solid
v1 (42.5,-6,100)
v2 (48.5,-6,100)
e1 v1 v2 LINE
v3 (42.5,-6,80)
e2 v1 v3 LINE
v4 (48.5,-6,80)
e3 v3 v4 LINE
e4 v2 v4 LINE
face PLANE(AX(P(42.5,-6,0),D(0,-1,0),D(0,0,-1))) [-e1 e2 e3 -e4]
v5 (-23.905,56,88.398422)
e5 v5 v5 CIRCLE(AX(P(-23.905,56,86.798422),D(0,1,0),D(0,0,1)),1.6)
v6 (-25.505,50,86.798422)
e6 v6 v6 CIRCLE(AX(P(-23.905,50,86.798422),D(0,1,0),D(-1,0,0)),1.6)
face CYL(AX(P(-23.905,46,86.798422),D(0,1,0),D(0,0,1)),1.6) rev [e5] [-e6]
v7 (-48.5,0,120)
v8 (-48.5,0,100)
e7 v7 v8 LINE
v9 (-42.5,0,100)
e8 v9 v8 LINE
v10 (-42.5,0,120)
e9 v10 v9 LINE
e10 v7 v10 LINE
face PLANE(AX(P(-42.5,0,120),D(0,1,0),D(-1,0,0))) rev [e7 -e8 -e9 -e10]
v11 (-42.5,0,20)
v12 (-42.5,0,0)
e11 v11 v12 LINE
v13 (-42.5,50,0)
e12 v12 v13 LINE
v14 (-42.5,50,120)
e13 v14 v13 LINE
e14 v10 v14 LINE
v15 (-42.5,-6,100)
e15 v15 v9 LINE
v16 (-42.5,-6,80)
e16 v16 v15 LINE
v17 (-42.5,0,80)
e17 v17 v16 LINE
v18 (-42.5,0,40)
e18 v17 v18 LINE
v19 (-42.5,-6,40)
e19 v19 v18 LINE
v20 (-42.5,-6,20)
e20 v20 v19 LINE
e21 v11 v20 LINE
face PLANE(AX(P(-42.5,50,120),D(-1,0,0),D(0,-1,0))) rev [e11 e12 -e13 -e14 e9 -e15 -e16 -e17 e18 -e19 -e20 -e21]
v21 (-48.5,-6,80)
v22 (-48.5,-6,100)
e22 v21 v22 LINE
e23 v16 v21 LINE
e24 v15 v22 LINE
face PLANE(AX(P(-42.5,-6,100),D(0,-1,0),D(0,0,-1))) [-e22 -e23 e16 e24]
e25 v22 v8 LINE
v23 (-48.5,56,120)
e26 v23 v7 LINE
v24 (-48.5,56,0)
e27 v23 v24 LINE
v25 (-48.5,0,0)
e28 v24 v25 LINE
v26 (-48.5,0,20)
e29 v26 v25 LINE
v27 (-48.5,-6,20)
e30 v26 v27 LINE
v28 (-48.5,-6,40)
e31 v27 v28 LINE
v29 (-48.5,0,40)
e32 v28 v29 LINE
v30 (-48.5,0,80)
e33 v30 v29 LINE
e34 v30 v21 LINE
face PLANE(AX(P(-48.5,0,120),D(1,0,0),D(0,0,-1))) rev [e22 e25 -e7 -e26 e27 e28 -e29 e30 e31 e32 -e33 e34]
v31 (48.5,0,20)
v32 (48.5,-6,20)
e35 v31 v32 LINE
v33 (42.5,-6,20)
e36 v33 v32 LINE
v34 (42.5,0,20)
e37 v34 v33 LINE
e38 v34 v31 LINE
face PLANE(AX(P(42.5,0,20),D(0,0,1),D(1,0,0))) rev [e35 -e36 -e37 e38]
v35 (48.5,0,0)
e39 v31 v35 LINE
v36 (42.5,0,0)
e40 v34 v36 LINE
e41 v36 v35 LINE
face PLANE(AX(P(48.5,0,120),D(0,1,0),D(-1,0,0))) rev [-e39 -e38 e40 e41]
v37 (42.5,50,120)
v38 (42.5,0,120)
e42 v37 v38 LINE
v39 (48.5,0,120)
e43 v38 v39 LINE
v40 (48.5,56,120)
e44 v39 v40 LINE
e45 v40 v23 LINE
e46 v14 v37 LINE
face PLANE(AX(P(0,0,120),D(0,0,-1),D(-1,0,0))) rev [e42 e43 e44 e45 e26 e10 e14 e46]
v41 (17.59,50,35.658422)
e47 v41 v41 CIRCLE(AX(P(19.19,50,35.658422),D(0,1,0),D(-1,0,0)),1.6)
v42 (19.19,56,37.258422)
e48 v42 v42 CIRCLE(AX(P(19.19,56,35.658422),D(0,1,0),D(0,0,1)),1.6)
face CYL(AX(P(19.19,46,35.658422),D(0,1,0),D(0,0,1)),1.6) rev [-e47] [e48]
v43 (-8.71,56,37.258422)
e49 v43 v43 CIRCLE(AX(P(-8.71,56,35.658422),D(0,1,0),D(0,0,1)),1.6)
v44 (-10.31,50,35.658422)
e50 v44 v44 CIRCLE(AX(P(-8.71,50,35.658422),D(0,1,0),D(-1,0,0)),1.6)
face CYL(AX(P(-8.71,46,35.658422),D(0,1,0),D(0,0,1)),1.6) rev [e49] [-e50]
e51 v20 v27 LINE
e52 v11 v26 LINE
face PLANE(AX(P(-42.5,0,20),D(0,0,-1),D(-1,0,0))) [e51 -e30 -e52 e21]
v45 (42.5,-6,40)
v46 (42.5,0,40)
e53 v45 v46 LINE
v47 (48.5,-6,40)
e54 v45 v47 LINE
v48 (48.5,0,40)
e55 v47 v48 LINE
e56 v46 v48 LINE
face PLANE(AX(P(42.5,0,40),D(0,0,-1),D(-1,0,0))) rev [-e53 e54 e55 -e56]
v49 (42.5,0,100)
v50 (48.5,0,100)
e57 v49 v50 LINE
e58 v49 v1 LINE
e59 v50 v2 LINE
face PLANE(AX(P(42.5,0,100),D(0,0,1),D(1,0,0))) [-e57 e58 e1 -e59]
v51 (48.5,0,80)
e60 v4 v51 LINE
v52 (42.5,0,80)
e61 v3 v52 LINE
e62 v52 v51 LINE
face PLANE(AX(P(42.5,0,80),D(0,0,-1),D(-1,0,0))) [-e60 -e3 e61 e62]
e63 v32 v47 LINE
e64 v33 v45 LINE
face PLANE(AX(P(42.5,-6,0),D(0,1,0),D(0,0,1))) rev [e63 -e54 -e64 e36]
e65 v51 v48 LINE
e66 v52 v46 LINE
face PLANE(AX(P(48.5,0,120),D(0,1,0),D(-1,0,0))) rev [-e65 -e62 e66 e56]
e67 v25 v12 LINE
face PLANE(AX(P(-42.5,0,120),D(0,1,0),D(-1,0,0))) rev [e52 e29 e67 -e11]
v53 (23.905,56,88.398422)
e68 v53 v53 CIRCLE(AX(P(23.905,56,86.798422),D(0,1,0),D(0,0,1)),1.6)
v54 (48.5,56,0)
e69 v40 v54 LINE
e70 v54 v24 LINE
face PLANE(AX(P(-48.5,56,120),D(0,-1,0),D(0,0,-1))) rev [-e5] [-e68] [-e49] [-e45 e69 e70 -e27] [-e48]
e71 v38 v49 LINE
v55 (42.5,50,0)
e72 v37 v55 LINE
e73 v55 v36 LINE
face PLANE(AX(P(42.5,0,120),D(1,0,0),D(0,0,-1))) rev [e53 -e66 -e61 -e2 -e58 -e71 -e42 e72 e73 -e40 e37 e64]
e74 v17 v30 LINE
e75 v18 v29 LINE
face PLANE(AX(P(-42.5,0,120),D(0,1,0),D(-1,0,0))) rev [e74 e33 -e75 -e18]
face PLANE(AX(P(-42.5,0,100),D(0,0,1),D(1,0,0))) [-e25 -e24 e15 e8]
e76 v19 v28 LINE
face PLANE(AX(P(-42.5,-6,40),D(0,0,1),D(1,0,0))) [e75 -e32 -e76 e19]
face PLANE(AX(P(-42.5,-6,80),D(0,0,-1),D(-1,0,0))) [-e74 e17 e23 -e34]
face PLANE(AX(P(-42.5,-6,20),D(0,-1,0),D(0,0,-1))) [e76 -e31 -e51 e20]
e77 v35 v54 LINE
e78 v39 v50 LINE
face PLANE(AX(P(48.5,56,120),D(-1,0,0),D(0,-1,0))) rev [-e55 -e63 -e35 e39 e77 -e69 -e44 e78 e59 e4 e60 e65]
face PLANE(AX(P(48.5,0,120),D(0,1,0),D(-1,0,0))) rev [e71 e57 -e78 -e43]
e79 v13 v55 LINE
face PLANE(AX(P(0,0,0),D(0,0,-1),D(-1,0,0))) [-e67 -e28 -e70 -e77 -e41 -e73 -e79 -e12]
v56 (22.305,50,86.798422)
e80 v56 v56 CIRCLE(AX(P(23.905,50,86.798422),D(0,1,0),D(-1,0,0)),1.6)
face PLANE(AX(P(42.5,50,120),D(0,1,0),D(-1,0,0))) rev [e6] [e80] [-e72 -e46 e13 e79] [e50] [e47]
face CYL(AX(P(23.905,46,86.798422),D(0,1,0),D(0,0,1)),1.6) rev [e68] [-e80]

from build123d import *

# Parameters (mm, degrees)
BOSS_EXTRUDE1_DEPTH = 120
SKETCH2_W           = 20
SKETCH2_H           = 6
BOSS_EXTRUDE2_DEPTH = 6
SKETCH3_W           = 20
SKETCH3_H           = 6
BOSS_EXTRUDE3_DEPTH = 6
SKETCH4_R           = 1.6
CUT_EXTRUDE1_DEPTH  = 10


with BuildPart() as part:
    # Sketch1 → Boss-Extrude1 (new body)
    with BuildSketch(Plane.XY):
        Polygon((42.5, 0), (42.5, 50), (-42.5, 50), (-42.5, 0), (-48.5, 0), (-48.5, 56), (48.5, 56), (48.5, 0), align=None)
    extrude(amount=BOSS_EXTRUDE1_DEPTH)

    # Sketch2 → Boss-Extrude2 (add)
    with BuildSketch(Plane(origin=(48.5, 0, 0), x_dir=(0, 0, -1), z_dir=(1, 0, 0))):
        with Locations((-90, -3)):
            Rectangle(SKETCH2_W, SKETCH2_H)
        with Locations((-30, -3)):
            Rectangle(SKETCH2_W, SKETCH2_H)
    extrude(amount=-BOSS_EXTRUDE2_DEPTH)

    # Sketch3 → Boss-Extrude3 (add)
    with BuildSketch(Plane.ZY.offset(48.5)):
        with Locations((30, -3)):
            Rectangle(SKETCH3_W, SKETCH3_H)
        with Locations((90, -3)):
            Rectangle(SKETCH3_W, SKETCH3_H)
    extrude(amount=-BOSS_EXTRUDE3_DEPTH)

    # Sketch4 → Cut-Extrude1 (cut)
    with BuildSketch(Plane(origin=(0, 56, 0), x_dir=(1, 0, 0), z_dir=(0, 1, 0))):
        with Locations(Location((-23.905, -86.79842215, 0), (0, 0, 270))):
            Circle(SKETCH4_R)
        with Locations(Location((23.905, -86.79842215, 0), (0, 0, 270))):
            Circle(SKETCH4_R)
        with Locations(Location((-8.71, -35.65842215, 0), (0, 0, 270))):
            Circle(SKETCH4_R)
        with Locations(Location((19.19, -35.65842215, 0), (0, 0, 270))):
            Circle(SKETCH4_R)
    extrude(amount=-CUT_EXTRUDE1_DEPTH, mode=Mode.SUBTRACT)


solid = part.part
